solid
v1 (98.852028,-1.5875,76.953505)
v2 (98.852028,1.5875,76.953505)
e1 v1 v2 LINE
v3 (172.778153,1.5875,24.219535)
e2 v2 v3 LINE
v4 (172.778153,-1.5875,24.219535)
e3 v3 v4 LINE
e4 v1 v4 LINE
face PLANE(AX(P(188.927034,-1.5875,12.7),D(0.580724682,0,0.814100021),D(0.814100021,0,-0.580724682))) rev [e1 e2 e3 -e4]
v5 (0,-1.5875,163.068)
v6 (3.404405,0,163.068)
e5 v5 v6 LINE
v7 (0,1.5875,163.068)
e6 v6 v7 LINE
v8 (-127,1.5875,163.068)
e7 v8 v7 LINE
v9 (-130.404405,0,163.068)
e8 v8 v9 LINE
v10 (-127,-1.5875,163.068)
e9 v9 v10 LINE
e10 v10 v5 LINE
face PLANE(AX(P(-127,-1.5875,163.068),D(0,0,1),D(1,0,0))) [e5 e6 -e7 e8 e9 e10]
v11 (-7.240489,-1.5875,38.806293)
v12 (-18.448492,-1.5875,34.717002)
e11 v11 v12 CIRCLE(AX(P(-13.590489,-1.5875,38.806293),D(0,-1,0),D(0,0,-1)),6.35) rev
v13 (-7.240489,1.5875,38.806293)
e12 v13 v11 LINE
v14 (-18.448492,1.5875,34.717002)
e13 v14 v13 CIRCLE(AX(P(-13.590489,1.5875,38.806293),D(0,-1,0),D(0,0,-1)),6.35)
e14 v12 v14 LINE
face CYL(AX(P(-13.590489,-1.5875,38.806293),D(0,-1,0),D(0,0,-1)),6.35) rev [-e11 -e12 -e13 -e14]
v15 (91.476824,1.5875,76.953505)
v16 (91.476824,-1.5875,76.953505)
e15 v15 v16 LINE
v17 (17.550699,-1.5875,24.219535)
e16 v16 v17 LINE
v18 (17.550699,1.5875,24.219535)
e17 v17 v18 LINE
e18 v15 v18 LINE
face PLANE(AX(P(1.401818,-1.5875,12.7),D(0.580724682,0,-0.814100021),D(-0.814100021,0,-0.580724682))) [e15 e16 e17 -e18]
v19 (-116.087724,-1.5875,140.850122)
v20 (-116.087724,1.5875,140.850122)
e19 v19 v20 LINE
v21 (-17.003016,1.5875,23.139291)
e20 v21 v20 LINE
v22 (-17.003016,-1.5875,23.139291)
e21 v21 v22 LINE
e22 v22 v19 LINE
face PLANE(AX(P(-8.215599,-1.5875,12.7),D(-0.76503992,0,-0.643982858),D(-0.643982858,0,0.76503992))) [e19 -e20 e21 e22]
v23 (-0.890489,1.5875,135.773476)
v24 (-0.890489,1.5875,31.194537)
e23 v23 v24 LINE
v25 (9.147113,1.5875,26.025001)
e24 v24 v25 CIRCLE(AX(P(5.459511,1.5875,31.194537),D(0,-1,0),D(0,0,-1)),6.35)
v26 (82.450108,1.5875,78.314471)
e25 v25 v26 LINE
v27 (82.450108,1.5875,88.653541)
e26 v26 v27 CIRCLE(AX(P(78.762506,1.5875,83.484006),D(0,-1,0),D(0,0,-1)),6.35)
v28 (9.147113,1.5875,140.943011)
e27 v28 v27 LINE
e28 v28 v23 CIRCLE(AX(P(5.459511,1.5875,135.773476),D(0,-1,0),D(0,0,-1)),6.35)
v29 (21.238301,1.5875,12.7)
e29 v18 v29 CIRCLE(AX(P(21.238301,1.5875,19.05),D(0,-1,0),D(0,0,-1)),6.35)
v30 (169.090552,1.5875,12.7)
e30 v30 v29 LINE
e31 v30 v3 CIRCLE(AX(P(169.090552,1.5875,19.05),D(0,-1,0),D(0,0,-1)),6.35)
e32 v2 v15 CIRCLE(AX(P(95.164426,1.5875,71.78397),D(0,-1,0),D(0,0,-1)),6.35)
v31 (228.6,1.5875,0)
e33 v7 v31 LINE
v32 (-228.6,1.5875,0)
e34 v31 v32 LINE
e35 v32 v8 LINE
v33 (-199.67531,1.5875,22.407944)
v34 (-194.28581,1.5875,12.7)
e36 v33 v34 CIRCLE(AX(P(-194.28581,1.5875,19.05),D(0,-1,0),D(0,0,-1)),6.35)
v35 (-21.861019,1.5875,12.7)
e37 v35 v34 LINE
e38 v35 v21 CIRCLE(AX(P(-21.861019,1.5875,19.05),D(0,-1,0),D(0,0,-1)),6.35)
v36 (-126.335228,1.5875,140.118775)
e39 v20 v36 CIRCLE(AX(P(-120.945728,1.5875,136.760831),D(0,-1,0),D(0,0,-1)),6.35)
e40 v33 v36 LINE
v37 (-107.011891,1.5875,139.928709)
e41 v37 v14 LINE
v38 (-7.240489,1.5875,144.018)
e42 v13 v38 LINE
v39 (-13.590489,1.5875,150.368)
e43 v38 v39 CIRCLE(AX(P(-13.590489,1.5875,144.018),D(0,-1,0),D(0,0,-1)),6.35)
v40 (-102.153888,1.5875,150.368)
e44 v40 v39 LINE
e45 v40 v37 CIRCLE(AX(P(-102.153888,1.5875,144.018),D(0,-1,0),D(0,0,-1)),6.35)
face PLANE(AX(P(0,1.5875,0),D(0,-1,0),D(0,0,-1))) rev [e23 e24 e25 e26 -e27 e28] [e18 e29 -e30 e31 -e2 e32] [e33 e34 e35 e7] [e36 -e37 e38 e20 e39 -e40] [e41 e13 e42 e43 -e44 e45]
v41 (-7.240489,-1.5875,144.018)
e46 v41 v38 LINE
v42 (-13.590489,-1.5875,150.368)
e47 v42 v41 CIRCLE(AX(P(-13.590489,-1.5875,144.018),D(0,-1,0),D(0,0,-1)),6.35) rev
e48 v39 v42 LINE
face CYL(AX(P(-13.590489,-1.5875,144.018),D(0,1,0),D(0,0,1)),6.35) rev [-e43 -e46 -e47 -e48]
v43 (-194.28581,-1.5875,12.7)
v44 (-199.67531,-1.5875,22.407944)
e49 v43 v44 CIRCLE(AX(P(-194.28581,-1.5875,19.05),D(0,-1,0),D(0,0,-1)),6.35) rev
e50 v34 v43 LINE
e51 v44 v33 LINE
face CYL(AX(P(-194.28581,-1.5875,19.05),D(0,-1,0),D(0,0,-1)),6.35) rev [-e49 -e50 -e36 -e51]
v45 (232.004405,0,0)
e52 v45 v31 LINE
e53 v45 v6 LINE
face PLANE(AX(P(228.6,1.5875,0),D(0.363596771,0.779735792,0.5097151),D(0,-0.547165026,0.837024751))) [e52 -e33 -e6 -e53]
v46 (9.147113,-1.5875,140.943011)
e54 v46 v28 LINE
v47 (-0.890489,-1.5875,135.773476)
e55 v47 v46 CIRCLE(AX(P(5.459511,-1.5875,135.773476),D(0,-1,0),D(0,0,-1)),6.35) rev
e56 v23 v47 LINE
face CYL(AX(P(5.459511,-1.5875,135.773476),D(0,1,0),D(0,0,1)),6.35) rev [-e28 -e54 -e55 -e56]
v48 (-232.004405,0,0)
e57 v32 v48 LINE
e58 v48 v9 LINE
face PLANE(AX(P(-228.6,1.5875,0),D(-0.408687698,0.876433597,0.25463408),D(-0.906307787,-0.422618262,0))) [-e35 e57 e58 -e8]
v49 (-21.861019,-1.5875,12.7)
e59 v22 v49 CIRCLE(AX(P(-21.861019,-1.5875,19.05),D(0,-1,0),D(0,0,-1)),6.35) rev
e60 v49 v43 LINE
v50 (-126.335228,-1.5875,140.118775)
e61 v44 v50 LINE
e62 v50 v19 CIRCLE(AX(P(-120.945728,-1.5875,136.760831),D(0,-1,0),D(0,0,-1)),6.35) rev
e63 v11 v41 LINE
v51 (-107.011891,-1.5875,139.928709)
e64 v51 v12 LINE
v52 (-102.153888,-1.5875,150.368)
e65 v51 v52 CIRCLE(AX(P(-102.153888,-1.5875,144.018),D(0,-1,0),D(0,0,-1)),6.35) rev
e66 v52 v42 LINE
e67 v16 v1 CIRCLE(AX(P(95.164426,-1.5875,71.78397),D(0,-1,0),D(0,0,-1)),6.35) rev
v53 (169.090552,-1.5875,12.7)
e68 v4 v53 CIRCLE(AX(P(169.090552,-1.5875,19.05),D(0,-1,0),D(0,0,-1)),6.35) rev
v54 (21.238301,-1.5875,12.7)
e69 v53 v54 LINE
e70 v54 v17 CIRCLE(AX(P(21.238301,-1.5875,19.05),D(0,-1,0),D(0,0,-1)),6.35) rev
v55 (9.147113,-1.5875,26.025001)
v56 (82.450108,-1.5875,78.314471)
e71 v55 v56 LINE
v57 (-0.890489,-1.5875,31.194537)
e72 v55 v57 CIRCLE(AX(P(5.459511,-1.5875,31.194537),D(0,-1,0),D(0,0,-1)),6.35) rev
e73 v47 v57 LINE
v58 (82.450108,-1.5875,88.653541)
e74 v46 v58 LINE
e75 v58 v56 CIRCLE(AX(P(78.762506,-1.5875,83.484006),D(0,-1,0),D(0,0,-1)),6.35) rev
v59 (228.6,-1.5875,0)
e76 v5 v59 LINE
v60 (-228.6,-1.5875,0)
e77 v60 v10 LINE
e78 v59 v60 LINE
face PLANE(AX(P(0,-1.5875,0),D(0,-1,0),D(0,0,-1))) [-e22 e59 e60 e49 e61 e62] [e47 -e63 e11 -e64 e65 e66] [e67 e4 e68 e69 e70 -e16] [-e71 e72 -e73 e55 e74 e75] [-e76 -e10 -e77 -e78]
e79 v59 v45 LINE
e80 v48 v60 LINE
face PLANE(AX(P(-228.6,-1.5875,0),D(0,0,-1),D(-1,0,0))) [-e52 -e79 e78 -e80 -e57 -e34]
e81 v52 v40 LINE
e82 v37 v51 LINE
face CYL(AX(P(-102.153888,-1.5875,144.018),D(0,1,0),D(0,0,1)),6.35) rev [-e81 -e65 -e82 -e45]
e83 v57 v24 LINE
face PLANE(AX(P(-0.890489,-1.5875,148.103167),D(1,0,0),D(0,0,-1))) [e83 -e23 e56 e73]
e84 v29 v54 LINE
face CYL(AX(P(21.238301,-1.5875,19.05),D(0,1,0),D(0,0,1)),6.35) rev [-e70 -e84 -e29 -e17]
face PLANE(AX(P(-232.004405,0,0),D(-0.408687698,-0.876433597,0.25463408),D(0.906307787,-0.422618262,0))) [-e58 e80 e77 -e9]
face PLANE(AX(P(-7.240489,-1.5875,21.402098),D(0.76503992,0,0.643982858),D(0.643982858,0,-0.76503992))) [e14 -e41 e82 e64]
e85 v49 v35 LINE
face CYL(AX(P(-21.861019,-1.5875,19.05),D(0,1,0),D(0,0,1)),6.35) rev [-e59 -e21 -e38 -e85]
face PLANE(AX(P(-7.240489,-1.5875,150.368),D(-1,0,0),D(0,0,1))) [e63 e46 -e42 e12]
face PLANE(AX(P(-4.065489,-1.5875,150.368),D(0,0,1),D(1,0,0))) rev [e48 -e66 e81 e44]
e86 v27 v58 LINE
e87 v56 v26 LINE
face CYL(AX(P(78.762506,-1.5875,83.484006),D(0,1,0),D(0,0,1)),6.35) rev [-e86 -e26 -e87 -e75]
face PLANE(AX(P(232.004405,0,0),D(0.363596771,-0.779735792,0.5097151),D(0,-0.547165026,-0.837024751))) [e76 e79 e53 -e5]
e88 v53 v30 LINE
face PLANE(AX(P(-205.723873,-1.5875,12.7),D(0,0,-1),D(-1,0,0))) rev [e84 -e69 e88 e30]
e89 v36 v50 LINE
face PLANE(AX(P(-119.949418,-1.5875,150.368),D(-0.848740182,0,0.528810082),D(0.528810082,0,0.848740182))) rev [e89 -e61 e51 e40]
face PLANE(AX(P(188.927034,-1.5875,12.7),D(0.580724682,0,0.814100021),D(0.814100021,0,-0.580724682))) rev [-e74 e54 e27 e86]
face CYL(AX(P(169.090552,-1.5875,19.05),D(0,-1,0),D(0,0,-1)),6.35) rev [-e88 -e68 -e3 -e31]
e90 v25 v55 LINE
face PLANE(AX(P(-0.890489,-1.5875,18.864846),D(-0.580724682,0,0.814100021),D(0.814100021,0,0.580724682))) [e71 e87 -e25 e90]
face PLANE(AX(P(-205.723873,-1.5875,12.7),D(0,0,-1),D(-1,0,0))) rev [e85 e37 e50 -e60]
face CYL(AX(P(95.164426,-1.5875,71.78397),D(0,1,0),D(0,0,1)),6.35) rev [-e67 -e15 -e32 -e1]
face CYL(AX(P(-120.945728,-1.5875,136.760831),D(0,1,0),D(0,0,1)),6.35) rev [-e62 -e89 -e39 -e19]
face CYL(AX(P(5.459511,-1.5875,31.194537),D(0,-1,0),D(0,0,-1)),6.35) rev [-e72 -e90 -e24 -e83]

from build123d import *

# Parameters (mm, degrees)
BOSS_EXTRUDE1_DEPTH      = 1.5875
BOSS_EXTRUDE1_DEPTH_BACK = 1.5875
CUT_EXTRUDE2_DEPTH       = 284.597068155
BOSS_EXTRUDE2_DEPTH      = 3.175
FILLET1_R                = 6.35
FILLET2_R                = 6.35


with BuildPart() as part:
    # CS path → Boss-Extrude1 (new, two sides: drawn at the far end of the back side and taken through both)
    with BuildSketch(Plane(origin=(0, 0, 0), x_dir=(1, 0, 0), z_dir=(0, 1, 0)).offset(-BOSS_EXTRUDE1_DEPTH_BACK)):
        Polygon((-228.6, 0), (228.6, 0), (0, -163.068), (-127, -163.068), align=None)
    extrude(amount=BOSS_EXTRUDE1_DEPTH + BOSS_EXTRUDE1_DEPTH_BACK)

    # Sweep1: sweep along a curve in space
    with BuildLine() as sweep1_path:
        Line((-228.6, 1.5875, 0), (-127, 1.5875, 163.068))
    # Sketch10 → Sweep1 (sweep)
    with BuildSketch(Plane.XY.offset(163.068)):
        Polygon((-127, 1.5875), (-130.404404736, 0), (-127, -1.5875), align=None)
    sweep(path=sweep1_path.line)

    # Sweep2: sweep along a curve in space
    with BuildLine() as sweep2_path:
        Line((0, 1.5875, 163.068), (228.6, 1.5875, 0))
    # Sketch11 → Sweep2 (sweep)
    with BuildSketch(Plane.XY.offset(163.068)):
        Polygon((0, 1.5875), (3.404404736, 0), (0, -1.5875), align=None)
    sweep(path=sweep2_path.line)

    # Sketch2 → Cut-Extrude2 (cut, through all)
    with BuildSketch(Plane(origin=(0, 1.5875, 0), x_dir=(1, 0, 0), z_dir=(0, 1, 0))):
        Polygon((-205.723873178, -12.7), (188.927034488, -12.7), (-4.065488877, -150.368), (-119.94941835, -150.368), align=None)
    extrude(amount=-CUT_EXTRUDE2_DEPTH, mode=Mode.SUBTRACT)

    # Sketch3 → Boss-Extrude2 (add)
    with BuildSketch(Plane(origin=(0, 1.5875, 0), x_dir=(1, 0, 0), z_dir=(0, 1, 0))):
        Polygon((-8.215599111, -12.7), (-121.714648415, -147.534805746), (-119.94941835, -150.368), (-115.799308116, -150.368), (-7.240488877, -21.402097696), (-7.240488877, -150.368), (-4.065488877, -150.368), (-0.890488877, -148.103166667), (-0.890488877, -18.864845516), (89.697119406, -83.484006092), (95.164426205, -79.583993908), (1.401817922, -12.7), align=None)
    extrude(amount=-BOSS_EXTRUDE2_DEPTH)

    # Fillet1
    fillet1_edges = [part.edges().sort_by_distance(p)[0] for p in [
        (-7.240488877, 0, 150.368),
        (-7.240488877, 0, 21.402097696),
        (-115.799308116, 0, 150.368),
        (-121.714648415, 0, 147.534805746),
        (-8.215599111, 0, 12.7),
        (1.401817922, 0, 12.7),
        (95.164426205, 0, 79.583993908),
        (89.697119406, 0, 83.484006092),
        (-0.890488877, 0, 18.864845516),
        (-0.890488877, 0, 148.103166667),
    ]]
    fillet(fillet1_edges, radius=FILLET1_R)

    # Fillet2
    fillet2_edges = [part.edges().sort_by_distance(p)[0] for p in [
        (-205.723873178, 0, 12.7),
        (188.927034488, 0, 12.7),
    ]]
    fillet(fillet2_edges, radius=FILLET2_R)


solid = part.part
